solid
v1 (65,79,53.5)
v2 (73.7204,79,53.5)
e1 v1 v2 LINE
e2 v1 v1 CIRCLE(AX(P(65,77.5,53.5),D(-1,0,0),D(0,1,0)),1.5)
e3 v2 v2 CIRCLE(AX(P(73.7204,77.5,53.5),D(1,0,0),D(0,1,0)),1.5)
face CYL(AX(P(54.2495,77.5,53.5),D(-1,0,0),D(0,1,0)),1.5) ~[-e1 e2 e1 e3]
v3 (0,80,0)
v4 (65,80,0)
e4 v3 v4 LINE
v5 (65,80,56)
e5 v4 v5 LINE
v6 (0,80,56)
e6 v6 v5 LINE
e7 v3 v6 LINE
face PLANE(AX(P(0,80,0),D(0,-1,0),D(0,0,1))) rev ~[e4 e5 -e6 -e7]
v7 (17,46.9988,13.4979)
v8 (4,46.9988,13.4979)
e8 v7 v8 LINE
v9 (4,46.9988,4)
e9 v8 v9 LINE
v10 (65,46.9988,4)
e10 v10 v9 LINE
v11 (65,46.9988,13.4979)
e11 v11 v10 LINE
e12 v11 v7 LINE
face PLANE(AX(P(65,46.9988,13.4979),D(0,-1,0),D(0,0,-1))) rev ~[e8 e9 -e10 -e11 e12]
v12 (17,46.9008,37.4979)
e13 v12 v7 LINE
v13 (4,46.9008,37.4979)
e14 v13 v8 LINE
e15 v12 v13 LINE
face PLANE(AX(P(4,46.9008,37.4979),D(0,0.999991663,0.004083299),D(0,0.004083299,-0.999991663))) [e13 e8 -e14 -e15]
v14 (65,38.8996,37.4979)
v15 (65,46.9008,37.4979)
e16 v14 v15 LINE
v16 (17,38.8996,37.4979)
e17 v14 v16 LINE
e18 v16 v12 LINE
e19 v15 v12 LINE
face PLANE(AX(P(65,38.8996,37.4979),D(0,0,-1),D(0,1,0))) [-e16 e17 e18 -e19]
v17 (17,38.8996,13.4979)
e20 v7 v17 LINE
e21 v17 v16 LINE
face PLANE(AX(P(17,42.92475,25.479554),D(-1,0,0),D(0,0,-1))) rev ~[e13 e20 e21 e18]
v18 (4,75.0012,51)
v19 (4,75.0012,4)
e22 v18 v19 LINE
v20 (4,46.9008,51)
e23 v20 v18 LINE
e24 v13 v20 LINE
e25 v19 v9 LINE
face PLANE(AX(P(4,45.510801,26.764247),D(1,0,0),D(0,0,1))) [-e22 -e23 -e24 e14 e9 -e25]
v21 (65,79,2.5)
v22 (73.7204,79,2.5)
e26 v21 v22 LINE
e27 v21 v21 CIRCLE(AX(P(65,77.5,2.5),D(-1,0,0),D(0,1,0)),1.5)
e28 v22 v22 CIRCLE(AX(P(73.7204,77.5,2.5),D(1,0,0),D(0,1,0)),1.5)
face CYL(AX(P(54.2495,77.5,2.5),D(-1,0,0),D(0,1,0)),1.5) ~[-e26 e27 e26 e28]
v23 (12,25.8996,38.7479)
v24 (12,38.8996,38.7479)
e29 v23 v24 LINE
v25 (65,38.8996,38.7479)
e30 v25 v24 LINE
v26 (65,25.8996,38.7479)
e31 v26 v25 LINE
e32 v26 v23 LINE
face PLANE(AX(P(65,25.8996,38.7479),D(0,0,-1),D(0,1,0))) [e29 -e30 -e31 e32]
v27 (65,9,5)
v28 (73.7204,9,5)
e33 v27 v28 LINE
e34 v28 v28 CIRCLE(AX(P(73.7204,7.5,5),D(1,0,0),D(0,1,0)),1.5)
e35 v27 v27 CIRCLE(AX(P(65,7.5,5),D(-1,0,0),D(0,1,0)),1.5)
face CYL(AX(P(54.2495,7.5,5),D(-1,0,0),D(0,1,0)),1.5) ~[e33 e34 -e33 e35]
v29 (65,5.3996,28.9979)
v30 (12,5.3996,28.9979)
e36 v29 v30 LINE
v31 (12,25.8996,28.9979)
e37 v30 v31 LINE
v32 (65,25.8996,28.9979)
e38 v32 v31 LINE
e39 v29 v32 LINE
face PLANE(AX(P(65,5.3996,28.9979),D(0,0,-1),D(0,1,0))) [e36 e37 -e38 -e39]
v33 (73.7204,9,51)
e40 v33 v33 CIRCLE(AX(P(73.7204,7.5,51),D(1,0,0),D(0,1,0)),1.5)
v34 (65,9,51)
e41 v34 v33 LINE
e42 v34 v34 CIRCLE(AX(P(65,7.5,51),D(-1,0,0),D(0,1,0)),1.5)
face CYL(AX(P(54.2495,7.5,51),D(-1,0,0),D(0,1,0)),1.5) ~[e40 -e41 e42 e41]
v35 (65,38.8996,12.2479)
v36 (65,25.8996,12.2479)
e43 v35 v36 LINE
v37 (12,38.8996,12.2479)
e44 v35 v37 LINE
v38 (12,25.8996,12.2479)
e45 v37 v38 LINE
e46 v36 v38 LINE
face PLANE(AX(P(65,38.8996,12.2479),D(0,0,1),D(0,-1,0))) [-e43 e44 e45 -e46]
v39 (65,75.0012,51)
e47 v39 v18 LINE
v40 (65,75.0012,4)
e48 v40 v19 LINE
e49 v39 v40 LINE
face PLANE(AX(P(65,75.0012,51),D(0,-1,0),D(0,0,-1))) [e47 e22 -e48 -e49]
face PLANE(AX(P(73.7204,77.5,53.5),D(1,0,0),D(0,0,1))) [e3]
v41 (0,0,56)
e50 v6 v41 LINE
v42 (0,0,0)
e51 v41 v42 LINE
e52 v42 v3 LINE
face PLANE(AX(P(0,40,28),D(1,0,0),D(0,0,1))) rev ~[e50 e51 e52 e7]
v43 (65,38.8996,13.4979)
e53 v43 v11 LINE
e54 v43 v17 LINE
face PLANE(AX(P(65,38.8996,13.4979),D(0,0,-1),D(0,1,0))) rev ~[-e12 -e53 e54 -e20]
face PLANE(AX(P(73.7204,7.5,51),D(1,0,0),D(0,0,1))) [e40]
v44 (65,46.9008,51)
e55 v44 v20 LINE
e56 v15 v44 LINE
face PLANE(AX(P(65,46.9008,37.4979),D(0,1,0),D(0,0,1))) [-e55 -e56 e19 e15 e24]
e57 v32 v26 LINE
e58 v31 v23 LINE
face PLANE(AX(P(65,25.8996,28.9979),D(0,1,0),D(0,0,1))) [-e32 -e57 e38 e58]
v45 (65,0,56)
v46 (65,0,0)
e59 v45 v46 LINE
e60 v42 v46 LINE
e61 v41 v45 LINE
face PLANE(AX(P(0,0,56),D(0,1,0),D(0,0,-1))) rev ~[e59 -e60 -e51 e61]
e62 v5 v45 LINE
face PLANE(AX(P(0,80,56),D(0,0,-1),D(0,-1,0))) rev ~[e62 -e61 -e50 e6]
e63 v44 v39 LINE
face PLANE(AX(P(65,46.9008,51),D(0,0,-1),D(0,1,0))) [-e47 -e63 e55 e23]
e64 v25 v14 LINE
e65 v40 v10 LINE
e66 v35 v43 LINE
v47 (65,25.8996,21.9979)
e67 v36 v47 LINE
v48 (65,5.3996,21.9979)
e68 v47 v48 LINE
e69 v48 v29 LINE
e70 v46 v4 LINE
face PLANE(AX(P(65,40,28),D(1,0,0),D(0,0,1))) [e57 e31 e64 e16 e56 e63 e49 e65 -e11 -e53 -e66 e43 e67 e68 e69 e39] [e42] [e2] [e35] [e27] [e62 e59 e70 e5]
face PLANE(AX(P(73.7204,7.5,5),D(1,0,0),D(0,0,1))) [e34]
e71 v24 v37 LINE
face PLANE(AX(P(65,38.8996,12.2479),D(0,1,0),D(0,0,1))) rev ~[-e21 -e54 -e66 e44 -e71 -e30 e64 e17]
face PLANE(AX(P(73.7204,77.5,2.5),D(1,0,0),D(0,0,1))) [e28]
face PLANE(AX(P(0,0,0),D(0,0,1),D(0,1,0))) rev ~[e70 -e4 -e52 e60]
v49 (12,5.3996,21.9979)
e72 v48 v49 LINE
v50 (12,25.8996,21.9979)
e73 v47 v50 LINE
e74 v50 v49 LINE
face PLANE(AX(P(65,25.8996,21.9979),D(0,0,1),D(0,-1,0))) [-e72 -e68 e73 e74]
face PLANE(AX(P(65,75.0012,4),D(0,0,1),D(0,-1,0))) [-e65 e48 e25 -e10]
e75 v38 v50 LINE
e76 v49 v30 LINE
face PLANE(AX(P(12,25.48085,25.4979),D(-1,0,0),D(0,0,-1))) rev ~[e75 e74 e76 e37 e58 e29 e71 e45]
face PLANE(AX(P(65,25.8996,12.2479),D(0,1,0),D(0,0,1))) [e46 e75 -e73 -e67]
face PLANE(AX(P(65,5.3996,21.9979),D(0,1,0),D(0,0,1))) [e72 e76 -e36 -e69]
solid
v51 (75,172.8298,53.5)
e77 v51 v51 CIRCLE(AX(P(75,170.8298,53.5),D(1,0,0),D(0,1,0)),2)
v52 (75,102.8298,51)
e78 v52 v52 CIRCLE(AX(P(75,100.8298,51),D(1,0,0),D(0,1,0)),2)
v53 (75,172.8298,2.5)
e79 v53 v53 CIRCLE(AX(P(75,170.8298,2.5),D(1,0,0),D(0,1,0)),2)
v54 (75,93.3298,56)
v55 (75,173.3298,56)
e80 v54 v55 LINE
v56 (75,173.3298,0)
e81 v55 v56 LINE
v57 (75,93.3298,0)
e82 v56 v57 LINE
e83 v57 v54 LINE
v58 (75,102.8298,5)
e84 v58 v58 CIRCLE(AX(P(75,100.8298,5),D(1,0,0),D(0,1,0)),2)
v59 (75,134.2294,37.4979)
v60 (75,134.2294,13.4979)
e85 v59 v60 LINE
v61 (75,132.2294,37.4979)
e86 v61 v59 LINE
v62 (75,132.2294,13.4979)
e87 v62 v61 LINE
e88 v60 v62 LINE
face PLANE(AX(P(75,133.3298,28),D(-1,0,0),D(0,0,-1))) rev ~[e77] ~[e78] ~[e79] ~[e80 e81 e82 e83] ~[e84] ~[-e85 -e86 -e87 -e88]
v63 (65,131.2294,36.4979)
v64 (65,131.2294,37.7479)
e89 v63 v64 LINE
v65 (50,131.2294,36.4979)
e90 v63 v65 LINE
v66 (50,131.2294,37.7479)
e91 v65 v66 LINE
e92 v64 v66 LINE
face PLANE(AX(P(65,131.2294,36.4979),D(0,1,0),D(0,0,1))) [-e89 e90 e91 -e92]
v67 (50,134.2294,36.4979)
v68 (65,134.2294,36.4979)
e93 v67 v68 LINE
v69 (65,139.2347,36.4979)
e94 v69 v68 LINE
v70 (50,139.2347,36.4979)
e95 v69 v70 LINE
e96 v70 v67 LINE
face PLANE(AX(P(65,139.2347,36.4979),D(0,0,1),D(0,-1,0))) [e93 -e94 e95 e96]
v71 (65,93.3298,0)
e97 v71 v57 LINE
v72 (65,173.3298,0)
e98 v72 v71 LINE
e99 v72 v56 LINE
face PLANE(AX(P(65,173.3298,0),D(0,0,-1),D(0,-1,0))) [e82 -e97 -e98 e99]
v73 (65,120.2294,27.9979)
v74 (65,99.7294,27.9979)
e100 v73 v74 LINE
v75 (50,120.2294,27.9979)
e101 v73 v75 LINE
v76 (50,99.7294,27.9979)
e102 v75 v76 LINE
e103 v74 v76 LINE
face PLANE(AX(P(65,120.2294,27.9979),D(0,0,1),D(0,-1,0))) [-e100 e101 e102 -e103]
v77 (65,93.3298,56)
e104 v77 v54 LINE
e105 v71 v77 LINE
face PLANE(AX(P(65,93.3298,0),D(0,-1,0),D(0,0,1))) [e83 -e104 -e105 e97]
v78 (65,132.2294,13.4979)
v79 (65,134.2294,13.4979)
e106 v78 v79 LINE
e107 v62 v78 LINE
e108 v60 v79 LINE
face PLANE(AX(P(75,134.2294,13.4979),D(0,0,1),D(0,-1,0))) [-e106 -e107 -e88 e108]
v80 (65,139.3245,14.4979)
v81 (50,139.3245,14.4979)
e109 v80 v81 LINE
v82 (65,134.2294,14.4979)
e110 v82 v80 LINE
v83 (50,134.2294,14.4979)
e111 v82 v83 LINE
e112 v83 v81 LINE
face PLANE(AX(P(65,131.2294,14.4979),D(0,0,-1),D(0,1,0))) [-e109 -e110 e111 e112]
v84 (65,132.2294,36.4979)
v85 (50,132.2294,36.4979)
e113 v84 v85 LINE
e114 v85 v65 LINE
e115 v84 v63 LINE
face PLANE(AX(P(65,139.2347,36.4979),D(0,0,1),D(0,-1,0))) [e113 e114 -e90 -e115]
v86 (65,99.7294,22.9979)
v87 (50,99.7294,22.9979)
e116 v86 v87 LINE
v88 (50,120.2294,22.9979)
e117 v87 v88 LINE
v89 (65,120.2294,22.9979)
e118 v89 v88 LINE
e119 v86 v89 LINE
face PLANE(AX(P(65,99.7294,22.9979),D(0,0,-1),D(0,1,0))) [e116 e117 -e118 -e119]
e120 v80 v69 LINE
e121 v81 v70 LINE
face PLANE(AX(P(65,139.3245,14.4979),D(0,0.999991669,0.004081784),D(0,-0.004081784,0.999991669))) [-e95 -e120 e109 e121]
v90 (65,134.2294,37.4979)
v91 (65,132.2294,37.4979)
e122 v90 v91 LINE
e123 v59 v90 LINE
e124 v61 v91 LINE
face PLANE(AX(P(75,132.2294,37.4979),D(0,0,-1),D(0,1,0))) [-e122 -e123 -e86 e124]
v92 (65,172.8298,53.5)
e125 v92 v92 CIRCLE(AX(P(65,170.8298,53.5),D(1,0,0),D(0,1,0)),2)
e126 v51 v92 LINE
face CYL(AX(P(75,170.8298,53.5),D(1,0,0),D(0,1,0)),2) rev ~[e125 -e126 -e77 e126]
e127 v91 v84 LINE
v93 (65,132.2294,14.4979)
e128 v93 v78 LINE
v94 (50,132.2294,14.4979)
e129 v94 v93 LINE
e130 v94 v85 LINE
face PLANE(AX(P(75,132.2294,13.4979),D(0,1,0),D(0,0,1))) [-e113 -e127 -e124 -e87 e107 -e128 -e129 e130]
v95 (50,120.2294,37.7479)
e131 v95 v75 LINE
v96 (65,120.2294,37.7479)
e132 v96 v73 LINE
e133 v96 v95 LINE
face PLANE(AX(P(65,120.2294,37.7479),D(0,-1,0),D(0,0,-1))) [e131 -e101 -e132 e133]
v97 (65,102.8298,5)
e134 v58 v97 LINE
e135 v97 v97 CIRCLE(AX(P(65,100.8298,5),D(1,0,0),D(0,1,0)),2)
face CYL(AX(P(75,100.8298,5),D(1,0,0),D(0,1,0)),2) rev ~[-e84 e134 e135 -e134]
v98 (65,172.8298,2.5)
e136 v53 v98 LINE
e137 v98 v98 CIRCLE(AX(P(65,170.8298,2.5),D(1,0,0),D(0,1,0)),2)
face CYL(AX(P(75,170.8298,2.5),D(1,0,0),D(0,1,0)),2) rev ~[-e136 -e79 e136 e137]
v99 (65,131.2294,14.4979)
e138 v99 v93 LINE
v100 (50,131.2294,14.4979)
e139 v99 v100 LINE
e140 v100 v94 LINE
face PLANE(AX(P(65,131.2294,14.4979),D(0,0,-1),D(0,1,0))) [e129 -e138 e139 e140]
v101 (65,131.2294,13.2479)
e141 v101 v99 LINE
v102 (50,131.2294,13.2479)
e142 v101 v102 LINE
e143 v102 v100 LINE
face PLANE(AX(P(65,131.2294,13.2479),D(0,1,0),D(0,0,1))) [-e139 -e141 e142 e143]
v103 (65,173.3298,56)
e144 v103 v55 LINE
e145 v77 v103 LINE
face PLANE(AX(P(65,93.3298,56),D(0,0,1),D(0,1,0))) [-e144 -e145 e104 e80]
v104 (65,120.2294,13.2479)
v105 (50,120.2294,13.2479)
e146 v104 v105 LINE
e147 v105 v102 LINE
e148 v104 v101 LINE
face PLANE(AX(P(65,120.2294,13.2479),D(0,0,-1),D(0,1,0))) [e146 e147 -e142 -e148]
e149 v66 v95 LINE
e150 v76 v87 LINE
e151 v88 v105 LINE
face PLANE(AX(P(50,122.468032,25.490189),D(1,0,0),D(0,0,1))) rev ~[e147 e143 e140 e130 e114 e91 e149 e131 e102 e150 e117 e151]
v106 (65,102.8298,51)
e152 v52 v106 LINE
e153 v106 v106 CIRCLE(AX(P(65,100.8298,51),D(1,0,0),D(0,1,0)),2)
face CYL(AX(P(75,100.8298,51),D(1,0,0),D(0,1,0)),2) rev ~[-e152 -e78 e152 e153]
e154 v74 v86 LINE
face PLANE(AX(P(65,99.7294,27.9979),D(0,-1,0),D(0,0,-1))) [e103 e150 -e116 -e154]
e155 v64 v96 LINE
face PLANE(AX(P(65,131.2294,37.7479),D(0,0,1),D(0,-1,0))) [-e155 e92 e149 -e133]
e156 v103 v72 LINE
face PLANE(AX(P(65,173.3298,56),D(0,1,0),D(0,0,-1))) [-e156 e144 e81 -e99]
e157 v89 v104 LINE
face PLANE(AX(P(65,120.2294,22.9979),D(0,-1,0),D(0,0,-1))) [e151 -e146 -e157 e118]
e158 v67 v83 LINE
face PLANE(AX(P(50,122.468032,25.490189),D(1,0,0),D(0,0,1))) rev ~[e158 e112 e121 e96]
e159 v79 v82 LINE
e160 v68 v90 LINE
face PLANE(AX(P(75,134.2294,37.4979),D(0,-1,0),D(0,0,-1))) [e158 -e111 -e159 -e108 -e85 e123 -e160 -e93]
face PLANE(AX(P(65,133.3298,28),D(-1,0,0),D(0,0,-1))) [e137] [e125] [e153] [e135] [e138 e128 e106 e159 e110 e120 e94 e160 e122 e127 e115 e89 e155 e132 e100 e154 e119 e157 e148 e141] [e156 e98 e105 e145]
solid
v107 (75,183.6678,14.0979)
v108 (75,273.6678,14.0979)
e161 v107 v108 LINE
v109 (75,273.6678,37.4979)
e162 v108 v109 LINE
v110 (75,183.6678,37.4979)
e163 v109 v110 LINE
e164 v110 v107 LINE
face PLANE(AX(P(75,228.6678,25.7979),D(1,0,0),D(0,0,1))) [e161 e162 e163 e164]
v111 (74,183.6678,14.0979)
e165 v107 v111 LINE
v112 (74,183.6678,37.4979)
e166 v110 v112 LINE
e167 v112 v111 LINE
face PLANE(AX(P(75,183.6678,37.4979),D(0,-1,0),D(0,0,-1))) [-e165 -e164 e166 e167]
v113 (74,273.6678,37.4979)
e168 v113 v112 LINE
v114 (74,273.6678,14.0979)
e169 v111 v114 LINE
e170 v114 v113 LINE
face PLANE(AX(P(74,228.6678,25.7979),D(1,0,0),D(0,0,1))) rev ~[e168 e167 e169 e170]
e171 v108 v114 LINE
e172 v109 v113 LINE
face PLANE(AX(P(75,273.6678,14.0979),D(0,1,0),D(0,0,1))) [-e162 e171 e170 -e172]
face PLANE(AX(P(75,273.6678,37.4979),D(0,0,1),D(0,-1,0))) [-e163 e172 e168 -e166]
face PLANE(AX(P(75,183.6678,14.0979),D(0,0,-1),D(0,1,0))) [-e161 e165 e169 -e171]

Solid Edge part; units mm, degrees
sketch "Sketch1" plane through (0, 0, 0) normal (1, 0, 0) x (0, 1, 0)
  line L0 (0, 0) -> (80, 0)
  line L1 (80, 0) -> (80, 56)
  line L2 (80, 56) -> (0, 56)
  line L3 (0, 56) -> (0, 0)
extrude "Protrusion1" add sketch "Sketch1" along normal blind 65
sketch "Sketch2" plane through (65, 40, 28) normal (1, 0, 0) x (0, 1, 0)
  line L0 (-1.1004, -15.7521) -> (-1.1004, -14.5021)
  line L1 (-1.1004, -14.5021) -> (6.9988, -14.5021)
  line L2 (6.9988, -14.5021) -> (6.9988, -24)
  line L3 (35.0012, -24) -> (6.9988, -24)
  line L4 (35.0012, 23) -> (35.0012, -24)
  line L5 (6.9008, 23) -> (35.0012, 23)
  line L6 (6.9008, 9.4979) -> (6.9008, 23)
  line L7 (-1.1004, 9.4979) -> (6.9008, 9.4979)
  line L8 (-1.1004, 10.7479) -> (-1.1004, 9.4979)
  line L9 (-14.1004, 10.7479) -> (-1.1004, 10.7479)
  line L10 (-14.1004, 0.9979) -> (-14.1004, 10.7479)
  line L11 (-34.6004, 0.9979) -> (-14.1004, 0.9979)
  line L12 (-34.6004, -6.0021) -> (-34.6004, 0.9979)
  line L13 (-14.1004, -6.0021) -> (-34.6004, -6.0021)
  line L14 (-14.1004, -15.7521) -> (-14.1004, -6.0021)
  line L15 (-1.1004, -15.7521) -> (-14.1004, -15.7521)
extrude "ExtrudedCutout_1" cut sketch "Sketch2" against normal blind 61
sketch "Sketch3" plane through (4, 40.2004, 27.5) normal (1, 0, 0) x (0, 1, 0)
  line L0 (-1.3008, 9.9979) -> (6.7004, 9.9979)
  line L1 (6.7004, 9.9979) -> (6.7984, -14.0021)
  line L2 (6.7984, -14.0021) -> (-1.3008, -14.0021)
  line L3 (-1.3008, -14.0021) -> (-1.3008, 9.9979)
extrude "ExtrudedProtrusion_2" add sketch "Sketch3" along normal blind 13
sketch "Sketch4" plane through (4, 22.1496, 25.4979) normal (1, 0, 0) x (0, 1, 0)
  line L0 (3.75, 3.5) -> (3.75, 13.25)
  line L1 (3.75, 13.25) -> (16.75, 13.25)
  line L2 (16.75, 13.25) -> (16.75, -13.25)
  line L3 (16.75, -13.25) -> (3.75, -13.25)
  line L4 (3.75, -13.25) -> (3.75, -3.5)
  line L5 (3.75, -3.5) -> (-16.75, -3.5)
  line L6 (-16.75, -3.5) -> (-16.75, 3.5)
  line L7 (-16.75, 3.5) -> (3.75, 3.5)
extrude "ExtrudedProtrusion_3" add sketch "Sketch4" along normal blind 8
extrude "Cutout1" [suppressed]
sketch "Sketch5" plane through (77, 40, 28) normal (1, 0, 0) x (0, 1, 0)
  circle A0 centre (-32.5, 23) radius 2
  circle A1 centre (-32.5, -23) radius 2
  circle A2 centre (37.5, -25.5) radius 2
  circle A3 centre (37.5, 25.5) radius 2
extrude "Cutout2" cut sketch "Sketch5" against normal blind 22.7505
sketch "Sketch6" plane through (54.2495, 7.5, 51) normal (1, 0, 0) x (0, 1, 0)
  circle A0 centre (0, 0) radius 1.5
  circle A1 centre (70, 2.5) radius 1.5
  circle A2 centre (70, -48.5) radius 1.5
  circle A3 centre (0, -46) radius 1.5
extrude "ExtrudedProtrusion_5" add sketch "Sketch6" along normal blind 19.4709
sketch "Sketch7" plane through (54.2495, 7.5, 51) normal (1, 0, 0) x (0, 1, 0)
  circle A0 centre (0, 0) radius 2.0647
  circle A1 centre (70, 2.5) radius 2
  circle A2 centre (70, -48.5) radius 2
  circle A3 centre (0, -46) radius 2
extrude "Protrusion2" add sketch "Sketch7" along normal up to vertex (10.7505 mm away)
sketch "Sketch8" plane through (65, 40, 28) normal (1, 0, 0) x (0, 1, 0)
  line L0 (133.3298, 28) -> (133.3298, -28)
  line L1 (133.3298, -28) -> (53.3298, -28)
  line L2 (53.3298, -28) -> (53.3298, 28)
  line L3 (53.3298, 28) -> (133.3298, 28)
extrude "ExtrudedProtrusion_7" add sketch "Sketch8" along normal blind 10
sketch "Sketch9" plane through (75, 133.3298, 28) normal (1, 0, 0) x (0, 1, 0)
  circle A0 centre (-32.5, 23) radius 2
  circle A1 centre (37.5, 25.5) radius 2
  circle A2 centre (37.5, -25.5) radius 2
  circle A3 centre (-32.5, -23) radius 2
extrude "ExtrudedCutout_4" cut sketch "Sketch9" against normal blind 64.7982
sketch "Sketch10" plane through (65, 133.3298, 28) normal (-1, 0, 0) x (0, 0, -1)
  line L0 (0.0021, 13.1004) -> (0.0021, 33.6004)
  line L1 (0.0021, 33.6004) -> (5.0021, 33.6004)
  line L2 (5.0021, 33.6004) -> (5.0021, 13.1004)
  line L3 (5.0021, 13.1004) -> (14.7521, 13.1004)
  line L4 (14.7521, 13.1004) -> (14.7521, 2.1004)
  line L5 (14.7521, 2.1004) -> (13.5021, 2.1004)
  line L6 (13.5021, 2.1004) -> (13.5021, -5.9947)
  line L7 (13.5021, -5.9947) -> (-8.4979, -5.9049)
  line L8 (-8.4979, -5.9049) -> (-8.4979, 2.1004)
  line L9 (-8.4979, 2.1004) -> (-9.7479, 2.1004)
  line L10 (-9.7479, 2.1004) -> (-9.7479, 13.1004)
  line L11 (-9.7479, 13.1004) -> (0.0021, 13.1004)
extrude "ExtrudedProtrusion_8" add sketch "Sketch10" along normal blind 15
sketch "Sketch11" plane through (75, 133.3298, 28) normal (1, 0, 0) x (0, 1, 0)
  line L0 (-1.1004, 9.4979) -> (0.8996, 9.4979)
  line L1 (0.8996, 9.4979) -> (0.8996, -14.5021)
  line L2 (0.8996, -14.5021) -> (-1.1004, -14.5021)
  line L3 (-1.1004, -14.5021) -> (-1.1004, 9.4979)
extrude "ExtrudedCutout_5" cut sketch "Sketch11" against normal blind 67.8026
sketch "Sketch12" plane through (75, 133.3298, 28) normal (1, 0, 0) x (0, 1, 0)
  line L0 (50.338, 9.4979) -> (50.338, -13.9021)
  line L1 (50.338, -13.9021) -> (140.338, -13.9021)
  line L2 (140.338, -13.9021) -> (140.338, 9.4979)
  line L3 (140.338, 9.4979) -> (50.338, 9.4979)
extrude "ExtrudedProtrusion_9" add sketch "Sketch12" against normal blind 1
